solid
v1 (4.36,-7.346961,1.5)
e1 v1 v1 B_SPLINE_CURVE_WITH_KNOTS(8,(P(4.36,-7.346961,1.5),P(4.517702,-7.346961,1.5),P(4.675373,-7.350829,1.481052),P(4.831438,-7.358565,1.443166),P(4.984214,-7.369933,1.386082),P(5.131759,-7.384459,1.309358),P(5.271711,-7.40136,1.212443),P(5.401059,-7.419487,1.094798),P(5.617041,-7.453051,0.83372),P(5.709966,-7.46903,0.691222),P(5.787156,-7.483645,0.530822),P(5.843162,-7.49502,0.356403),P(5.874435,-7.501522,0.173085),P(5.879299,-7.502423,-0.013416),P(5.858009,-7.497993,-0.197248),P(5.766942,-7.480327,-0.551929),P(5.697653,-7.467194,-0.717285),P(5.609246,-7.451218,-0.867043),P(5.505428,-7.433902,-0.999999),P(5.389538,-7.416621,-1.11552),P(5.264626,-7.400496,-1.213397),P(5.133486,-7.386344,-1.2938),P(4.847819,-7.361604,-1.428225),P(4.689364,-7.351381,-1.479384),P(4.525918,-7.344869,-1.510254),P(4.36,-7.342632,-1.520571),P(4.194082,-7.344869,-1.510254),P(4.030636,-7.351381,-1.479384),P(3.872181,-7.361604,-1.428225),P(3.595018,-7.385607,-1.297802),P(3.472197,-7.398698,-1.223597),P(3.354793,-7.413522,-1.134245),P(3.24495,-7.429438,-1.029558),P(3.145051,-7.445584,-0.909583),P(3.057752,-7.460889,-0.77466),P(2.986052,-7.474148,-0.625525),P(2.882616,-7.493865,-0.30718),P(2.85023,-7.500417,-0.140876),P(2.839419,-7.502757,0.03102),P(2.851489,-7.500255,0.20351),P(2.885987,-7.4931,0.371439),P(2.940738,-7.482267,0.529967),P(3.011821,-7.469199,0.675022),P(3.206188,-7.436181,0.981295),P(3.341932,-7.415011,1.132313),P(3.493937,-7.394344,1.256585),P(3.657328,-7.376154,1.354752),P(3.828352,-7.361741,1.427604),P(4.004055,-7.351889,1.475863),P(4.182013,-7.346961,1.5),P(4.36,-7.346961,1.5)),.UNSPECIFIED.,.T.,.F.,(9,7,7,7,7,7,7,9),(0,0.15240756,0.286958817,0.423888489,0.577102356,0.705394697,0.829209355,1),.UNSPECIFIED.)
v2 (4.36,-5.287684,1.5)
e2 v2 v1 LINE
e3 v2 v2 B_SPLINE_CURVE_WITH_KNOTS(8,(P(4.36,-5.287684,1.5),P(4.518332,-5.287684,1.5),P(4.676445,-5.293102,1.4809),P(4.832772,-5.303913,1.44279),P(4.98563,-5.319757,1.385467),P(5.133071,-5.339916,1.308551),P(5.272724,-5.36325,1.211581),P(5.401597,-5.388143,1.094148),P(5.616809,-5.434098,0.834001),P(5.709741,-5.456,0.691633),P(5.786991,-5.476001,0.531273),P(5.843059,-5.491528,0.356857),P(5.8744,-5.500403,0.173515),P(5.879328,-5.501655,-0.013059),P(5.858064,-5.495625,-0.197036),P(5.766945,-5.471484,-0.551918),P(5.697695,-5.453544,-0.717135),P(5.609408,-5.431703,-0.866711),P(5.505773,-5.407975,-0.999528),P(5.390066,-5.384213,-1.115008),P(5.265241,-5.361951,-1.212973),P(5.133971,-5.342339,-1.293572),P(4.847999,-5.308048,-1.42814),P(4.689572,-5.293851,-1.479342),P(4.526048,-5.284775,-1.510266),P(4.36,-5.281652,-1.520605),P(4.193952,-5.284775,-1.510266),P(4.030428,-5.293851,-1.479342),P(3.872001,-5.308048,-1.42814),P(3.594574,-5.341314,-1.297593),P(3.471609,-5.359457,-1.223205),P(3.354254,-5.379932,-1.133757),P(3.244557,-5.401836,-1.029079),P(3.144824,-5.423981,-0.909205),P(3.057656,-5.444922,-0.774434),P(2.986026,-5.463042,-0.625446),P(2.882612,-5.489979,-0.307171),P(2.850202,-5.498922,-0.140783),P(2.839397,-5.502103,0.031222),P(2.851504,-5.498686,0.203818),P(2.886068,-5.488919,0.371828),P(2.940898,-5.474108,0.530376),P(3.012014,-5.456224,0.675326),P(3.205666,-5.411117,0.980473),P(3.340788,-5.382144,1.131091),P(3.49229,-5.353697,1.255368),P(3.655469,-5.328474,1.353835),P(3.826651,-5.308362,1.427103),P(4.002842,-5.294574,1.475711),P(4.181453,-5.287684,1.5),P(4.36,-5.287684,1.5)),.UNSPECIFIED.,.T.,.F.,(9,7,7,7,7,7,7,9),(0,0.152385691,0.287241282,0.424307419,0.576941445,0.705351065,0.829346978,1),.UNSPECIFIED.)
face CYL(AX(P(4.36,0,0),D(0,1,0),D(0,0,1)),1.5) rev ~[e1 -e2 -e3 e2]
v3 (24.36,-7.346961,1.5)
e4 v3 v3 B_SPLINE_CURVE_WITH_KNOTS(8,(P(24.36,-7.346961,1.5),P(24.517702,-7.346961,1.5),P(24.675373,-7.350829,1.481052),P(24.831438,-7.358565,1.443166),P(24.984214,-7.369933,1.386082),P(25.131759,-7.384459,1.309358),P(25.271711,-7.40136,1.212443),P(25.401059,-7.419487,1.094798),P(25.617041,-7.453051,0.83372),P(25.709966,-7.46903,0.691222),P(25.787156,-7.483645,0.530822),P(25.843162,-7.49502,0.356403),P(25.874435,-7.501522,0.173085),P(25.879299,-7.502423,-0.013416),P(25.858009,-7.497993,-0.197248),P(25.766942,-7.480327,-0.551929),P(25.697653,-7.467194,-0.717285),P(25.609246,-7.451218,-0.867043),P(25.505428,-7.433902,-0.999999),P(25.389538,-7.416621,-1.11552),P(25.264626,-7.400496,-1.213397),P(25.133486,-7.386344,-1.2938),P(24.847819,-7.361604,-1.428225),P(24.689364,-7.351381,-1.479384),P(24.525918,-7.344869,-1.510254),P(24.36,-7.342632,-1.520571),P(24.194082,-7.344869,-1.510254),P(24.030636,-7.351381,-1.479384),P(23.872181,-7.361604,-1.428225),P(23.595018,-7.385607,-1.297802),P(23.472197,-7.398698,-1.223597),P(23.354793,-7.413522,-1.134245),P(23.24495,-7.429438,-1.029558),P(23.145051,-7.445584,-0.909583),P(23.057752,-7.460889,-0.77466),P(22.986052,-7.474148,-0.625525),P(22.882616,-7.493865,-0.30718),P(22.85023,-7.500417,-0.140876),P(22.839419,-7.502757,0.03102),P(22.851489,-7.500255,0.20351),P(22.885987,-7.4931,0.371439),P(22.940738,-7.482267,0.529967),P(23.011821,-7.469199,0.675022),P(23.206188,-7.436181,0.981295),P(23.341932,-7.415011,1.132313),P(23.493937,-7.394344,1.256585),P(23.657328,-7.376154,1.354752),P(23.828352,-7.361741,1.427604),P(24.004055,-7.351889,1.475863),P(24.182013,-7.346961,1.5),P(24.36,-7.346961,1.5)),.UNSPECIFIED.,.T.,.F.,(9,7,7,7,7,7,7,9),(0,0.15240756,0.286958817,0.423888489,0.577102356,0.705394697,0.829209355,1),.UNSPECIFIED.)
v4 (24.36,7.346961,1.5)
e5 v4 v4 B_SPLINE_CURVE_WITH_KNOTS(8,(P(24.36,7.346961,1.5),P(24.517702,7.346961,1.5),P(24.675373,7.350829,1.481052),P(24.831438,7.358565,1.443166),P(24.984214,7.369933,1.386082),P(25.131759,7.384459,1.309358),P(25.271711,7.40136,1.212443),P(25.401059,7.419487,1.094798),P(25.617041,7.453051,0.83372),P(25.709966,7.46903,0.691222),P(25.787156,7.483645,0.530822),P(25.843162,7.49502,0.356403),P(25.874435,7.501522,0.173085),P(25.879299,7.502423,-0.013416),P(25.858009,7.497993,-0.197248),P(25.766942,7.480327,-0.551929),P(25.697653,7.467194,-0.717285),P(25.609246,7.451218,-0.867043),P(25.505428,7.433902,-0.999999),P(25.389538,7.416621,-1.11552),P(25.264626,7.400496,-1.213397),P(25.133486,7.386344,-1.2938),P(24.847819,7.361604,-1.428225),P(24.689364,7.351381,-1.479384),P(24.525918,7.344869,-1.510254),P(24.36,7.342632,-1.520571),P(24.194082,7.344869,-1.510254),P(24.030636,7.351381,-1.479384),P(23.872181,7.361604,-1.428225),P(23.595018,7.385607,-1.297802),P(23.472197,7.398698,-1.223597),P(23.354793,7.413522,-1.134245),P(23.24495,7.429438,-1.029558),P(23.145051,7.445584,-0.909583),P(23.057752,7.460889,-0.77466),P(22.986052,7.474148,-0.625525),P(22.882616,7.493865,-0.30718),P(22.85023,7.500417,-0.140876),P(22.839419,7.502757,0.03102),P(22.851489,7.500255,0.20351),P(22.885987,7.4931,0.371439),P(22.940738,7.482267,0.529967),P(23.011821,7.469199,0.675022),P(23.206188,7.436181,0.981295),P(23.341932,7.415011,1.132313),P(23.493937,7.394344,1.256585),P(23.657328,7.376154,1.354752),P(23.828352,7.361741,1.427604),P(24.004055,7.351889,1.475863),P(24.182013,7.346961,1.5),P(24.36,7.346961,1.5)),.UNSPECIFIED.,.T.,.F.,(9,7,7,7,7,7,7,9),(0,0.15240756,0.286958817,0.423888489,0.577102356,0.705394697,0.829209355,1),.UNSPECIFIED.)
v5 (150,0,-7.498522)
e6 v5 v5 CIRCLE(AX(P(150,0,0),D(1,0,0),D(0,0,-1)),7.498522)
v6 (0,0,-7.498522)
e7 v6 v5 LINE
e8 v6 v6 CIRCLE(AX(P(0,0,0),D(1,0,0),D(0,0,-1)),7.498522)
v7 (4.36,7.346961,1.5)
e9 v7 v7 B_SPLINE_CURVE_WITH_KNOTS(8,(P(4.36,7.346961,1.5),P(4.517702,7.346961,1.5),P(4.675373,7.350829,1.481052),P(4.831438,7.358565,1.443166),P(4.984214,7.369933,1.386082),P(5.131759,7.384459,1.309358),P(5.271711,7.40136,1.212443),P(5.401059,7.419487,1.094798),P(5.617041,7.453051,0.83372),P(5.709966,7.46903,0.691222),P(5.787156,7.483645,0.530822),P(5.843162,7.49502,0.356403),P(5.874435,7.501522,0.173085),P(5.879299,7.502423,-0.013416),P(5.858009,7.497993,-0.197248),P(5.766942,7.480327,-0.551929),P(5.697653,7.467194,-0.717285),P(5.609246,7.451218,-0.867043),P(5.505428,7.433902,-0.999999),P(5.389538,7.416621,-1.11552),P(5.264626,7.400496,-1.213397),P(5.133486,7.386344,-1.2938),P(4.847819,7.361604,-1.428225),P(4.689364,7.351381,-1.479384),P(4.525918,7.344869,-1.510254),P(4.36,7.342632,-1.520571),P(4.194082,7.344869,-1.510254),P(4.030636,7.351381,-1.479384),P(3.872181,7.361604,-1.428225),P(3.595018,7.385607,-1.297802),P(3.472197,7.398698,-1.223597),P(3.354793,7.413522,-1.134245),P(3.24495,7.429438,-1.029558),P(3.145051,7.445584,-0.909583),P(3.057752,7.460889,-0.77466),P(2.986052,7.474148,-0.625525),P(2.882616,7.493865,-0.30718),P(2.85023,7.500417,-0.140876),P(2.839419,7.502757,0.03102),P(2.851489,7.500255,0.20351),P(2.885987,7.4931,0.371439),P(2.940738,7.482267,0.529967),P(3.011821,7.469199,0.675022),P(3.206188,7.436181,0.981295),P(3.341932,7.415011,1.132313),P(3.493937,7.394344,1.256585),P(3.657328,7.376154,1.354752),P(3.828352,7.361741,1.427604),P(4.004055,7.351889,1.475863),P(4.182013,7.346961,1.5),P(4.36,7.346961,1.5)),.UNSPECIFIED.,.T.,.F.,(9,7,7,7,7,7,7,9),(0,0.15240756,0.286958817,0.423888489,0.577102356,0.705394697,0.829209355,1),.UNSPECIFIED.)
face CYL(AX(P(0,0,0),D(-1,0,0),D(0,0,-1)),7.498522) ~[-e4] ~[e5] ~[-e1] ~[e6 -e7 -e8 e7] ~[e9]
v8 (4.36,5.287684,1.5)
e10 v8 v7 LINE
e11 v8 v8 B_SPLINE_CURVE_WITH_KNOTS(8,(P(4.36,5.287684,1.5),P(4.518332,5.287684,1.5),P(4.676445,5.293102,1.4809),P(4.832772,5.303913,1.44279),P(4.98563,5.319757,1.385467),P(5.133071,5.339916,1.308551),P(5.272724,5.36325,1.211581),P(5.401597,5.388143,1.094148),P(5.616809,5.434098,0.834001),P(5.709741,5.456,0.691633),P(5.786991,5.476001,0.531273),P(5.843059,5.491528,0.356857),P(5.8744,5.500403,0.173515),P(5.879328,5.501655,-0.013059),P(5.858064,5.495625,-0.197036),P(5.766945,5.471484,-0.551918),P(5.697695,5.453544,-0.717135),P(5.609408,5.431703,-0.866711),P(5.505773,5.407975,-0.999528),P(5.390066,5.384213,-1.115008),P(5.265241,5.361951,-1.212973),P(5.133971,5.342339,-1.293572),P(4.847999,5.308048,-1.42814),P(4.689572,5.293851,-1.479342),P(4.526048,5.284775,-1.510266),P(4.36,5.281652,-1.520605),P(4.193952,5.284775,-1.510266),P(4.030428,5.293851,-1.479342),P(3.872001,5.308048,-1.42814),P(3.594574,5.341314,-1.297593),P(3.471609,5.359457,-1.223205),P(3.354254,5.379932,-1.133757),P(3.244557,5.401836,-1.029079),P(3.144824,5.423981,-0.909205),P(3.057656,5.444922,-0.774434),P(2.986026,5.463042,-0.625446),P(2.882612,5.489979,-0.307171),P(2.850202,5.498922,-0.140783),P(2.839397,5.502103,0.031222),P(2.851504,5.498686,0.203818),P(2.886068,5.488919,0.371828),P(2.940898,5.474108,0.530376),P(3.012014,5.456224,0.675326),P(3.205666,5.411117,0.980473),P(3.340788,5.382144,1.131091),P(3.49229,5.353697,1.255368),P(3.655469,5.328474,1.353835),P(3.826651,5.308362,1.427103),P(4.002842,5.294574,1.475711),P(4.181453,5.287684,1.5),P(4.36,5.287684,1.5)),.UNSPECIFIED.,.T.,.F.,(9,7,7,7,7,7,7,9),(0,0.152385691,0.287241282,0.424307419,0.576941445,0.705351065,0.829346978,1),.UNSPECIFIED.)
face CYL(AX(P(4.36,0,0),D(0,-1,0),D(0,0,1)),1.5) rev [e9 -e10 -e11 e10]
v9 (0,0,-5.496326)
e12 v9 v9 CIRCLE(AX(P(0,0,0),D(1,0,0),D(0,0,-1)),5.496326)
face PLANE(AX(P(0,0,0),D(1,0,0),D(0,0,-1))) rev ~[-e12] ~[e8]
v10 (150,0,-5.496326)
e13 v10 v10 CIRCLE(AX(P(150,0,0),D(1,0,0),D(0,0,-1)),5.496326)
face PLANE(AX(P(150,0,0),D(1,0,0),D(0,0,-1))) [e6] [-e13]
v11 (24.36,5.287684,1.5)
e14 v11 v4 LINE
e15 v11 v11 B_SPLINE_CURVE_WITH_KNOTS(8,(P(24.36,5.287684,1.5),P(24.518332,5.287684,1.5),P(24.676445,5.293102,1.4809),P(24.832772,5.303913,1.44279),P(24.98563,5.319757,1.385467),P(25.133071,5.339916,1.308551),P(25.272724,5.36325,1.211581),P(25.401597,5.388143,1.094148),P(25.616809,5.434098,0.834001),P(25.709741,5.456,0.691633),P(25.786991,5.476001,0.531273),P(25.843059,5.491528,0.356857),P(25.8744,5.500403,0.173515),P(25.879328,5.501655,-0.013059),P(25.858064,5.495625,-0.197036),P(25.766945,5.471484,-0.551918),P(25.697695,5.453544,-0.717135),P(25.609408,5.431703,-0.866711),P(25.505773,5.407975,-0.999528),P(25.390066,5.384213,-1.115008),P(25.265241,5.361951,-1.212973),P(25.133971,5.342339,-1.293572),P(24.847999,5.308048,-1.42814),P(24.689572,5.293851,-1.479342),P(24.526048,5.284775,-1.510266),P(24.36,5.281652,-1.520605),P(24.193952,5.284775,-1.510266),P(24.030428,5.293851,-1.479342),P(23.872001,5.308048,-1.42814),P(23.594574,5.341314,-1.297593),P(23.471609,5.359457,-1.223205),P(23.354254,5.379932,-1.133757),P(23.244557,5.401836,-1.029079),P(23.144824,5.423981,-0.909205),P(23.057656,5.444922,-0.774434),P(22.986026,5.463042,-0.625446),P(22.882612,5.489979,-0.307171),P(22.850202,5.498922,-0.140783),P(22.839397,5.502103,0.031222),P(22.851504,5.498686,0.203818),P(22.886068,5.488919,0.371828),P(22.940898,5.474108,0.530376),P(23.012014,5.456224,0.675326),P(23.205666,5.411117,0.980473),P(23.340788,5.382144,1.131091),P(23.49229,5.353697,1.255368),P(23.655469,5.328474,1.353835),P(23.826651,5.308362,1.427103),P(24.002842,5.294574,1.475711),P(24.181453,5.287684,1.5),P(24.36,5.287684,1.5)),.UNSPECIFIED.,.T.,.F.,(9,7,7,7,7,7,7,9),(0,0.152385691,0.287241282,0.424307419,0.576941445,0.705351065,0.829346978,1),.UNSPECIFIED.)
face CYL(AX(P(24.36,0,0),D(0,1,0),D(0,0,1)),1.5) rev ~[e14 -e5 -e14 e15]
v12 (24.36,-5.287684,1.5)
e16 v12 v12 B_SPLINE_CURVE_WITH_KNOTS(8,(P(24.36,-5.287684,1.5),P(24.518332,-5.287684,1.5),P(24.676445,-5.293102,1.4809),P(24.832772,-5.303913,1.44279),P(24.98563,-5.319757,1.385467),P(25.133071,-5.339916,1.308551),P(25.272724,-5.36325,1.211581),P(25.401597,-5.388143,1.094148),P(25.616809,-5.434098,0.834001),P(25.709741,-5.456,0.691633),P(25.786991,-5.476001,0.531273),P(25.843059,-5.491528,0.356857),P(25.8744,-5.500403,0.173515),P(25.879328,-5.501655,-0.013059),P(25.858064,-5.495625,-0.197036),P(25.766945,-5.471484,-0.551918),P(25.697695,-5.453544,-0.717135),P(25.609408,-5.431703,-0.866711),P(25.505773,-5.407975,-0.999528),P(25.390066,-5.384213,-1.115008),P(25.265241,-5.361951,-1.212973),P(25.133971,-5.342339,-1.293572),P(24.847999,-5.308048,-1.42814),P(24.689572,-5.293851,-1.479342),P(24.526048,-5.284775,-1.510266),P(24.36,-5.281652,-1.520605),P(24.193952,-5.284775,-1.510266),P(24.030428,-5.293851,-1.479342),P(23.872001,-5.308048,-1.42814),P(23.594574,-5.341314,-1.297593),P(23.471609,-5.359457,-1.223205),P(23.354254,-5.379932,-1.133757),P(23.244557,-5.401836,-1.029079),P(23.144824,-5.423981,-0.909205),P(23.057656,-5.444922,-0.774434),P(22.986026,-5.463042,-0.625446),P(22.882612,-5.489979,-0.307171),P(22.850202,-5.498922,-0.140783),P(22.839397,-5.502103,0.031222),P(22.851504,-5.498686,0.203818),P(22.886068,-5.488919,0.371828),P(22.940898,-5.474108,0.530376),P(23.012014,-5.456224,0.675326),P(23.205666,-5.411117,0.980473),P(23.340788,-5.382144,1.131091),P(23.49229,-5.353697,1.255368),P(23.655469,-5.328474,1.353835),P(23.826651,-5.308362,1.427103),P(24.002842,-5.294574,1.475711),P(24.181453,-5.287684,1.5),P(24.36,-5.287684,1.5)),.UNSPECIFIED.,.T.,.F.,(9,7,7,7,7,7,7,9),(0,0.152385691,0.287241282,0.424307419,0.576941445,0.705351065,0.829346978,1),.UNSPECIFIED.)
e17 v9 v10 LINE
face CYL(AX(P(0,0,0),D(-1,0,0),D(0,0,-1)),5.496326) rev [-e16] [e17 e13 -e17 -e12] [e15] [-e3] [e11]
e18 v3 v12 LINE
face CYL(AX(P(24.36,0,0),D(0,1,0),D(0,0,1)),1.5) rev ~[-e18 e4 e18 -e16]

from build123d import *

# Parameters (mm, degrees)
SKETCH_1_R          = 7.498521941
SKETCH_1_R_2        = 5.496326061
EXTRUDE_1_DEPTH     = 150
SKETCH_2_R          = 1.5
CUT_EXTRUDE_1_DEPTH = 14


with BuildPart() as part:
    # 草图1 → 凸台-拉伸1 (new body)
    with BuildSketch(Plane(origin=(0, 0, 0), x_dir=(0, 0, -1), z_dir=(1, 0, 0))):
        Circle(SKETCH_1_R)
        Circle(SKETCH_1_R_2, mode=Mode.SUBTRACT)
    extrude(amount=EXTRUDE_1_DEPTH)

    # 草图2 → 切除-拉伸1 (cut, symmetric)
    with BuildSketch(Plane(origin=(0, 0, 0), x_dir=(1, 0, 0), z_dir=(0, 1, 0))):
        with Locations(Location((4.36, 0, 0), (0, 0, 270))):
            Circle(SKETCH_2_R)
        with Locations(Location((24.36, 0, 0), (0, 0, 270))):
            Circle(SKETCH_2_R)
    extrude(amount=CUT_EXTRUDE_1_DEPTH, both=True, mode=Mode.SUBTRACT)


solid = part.part
